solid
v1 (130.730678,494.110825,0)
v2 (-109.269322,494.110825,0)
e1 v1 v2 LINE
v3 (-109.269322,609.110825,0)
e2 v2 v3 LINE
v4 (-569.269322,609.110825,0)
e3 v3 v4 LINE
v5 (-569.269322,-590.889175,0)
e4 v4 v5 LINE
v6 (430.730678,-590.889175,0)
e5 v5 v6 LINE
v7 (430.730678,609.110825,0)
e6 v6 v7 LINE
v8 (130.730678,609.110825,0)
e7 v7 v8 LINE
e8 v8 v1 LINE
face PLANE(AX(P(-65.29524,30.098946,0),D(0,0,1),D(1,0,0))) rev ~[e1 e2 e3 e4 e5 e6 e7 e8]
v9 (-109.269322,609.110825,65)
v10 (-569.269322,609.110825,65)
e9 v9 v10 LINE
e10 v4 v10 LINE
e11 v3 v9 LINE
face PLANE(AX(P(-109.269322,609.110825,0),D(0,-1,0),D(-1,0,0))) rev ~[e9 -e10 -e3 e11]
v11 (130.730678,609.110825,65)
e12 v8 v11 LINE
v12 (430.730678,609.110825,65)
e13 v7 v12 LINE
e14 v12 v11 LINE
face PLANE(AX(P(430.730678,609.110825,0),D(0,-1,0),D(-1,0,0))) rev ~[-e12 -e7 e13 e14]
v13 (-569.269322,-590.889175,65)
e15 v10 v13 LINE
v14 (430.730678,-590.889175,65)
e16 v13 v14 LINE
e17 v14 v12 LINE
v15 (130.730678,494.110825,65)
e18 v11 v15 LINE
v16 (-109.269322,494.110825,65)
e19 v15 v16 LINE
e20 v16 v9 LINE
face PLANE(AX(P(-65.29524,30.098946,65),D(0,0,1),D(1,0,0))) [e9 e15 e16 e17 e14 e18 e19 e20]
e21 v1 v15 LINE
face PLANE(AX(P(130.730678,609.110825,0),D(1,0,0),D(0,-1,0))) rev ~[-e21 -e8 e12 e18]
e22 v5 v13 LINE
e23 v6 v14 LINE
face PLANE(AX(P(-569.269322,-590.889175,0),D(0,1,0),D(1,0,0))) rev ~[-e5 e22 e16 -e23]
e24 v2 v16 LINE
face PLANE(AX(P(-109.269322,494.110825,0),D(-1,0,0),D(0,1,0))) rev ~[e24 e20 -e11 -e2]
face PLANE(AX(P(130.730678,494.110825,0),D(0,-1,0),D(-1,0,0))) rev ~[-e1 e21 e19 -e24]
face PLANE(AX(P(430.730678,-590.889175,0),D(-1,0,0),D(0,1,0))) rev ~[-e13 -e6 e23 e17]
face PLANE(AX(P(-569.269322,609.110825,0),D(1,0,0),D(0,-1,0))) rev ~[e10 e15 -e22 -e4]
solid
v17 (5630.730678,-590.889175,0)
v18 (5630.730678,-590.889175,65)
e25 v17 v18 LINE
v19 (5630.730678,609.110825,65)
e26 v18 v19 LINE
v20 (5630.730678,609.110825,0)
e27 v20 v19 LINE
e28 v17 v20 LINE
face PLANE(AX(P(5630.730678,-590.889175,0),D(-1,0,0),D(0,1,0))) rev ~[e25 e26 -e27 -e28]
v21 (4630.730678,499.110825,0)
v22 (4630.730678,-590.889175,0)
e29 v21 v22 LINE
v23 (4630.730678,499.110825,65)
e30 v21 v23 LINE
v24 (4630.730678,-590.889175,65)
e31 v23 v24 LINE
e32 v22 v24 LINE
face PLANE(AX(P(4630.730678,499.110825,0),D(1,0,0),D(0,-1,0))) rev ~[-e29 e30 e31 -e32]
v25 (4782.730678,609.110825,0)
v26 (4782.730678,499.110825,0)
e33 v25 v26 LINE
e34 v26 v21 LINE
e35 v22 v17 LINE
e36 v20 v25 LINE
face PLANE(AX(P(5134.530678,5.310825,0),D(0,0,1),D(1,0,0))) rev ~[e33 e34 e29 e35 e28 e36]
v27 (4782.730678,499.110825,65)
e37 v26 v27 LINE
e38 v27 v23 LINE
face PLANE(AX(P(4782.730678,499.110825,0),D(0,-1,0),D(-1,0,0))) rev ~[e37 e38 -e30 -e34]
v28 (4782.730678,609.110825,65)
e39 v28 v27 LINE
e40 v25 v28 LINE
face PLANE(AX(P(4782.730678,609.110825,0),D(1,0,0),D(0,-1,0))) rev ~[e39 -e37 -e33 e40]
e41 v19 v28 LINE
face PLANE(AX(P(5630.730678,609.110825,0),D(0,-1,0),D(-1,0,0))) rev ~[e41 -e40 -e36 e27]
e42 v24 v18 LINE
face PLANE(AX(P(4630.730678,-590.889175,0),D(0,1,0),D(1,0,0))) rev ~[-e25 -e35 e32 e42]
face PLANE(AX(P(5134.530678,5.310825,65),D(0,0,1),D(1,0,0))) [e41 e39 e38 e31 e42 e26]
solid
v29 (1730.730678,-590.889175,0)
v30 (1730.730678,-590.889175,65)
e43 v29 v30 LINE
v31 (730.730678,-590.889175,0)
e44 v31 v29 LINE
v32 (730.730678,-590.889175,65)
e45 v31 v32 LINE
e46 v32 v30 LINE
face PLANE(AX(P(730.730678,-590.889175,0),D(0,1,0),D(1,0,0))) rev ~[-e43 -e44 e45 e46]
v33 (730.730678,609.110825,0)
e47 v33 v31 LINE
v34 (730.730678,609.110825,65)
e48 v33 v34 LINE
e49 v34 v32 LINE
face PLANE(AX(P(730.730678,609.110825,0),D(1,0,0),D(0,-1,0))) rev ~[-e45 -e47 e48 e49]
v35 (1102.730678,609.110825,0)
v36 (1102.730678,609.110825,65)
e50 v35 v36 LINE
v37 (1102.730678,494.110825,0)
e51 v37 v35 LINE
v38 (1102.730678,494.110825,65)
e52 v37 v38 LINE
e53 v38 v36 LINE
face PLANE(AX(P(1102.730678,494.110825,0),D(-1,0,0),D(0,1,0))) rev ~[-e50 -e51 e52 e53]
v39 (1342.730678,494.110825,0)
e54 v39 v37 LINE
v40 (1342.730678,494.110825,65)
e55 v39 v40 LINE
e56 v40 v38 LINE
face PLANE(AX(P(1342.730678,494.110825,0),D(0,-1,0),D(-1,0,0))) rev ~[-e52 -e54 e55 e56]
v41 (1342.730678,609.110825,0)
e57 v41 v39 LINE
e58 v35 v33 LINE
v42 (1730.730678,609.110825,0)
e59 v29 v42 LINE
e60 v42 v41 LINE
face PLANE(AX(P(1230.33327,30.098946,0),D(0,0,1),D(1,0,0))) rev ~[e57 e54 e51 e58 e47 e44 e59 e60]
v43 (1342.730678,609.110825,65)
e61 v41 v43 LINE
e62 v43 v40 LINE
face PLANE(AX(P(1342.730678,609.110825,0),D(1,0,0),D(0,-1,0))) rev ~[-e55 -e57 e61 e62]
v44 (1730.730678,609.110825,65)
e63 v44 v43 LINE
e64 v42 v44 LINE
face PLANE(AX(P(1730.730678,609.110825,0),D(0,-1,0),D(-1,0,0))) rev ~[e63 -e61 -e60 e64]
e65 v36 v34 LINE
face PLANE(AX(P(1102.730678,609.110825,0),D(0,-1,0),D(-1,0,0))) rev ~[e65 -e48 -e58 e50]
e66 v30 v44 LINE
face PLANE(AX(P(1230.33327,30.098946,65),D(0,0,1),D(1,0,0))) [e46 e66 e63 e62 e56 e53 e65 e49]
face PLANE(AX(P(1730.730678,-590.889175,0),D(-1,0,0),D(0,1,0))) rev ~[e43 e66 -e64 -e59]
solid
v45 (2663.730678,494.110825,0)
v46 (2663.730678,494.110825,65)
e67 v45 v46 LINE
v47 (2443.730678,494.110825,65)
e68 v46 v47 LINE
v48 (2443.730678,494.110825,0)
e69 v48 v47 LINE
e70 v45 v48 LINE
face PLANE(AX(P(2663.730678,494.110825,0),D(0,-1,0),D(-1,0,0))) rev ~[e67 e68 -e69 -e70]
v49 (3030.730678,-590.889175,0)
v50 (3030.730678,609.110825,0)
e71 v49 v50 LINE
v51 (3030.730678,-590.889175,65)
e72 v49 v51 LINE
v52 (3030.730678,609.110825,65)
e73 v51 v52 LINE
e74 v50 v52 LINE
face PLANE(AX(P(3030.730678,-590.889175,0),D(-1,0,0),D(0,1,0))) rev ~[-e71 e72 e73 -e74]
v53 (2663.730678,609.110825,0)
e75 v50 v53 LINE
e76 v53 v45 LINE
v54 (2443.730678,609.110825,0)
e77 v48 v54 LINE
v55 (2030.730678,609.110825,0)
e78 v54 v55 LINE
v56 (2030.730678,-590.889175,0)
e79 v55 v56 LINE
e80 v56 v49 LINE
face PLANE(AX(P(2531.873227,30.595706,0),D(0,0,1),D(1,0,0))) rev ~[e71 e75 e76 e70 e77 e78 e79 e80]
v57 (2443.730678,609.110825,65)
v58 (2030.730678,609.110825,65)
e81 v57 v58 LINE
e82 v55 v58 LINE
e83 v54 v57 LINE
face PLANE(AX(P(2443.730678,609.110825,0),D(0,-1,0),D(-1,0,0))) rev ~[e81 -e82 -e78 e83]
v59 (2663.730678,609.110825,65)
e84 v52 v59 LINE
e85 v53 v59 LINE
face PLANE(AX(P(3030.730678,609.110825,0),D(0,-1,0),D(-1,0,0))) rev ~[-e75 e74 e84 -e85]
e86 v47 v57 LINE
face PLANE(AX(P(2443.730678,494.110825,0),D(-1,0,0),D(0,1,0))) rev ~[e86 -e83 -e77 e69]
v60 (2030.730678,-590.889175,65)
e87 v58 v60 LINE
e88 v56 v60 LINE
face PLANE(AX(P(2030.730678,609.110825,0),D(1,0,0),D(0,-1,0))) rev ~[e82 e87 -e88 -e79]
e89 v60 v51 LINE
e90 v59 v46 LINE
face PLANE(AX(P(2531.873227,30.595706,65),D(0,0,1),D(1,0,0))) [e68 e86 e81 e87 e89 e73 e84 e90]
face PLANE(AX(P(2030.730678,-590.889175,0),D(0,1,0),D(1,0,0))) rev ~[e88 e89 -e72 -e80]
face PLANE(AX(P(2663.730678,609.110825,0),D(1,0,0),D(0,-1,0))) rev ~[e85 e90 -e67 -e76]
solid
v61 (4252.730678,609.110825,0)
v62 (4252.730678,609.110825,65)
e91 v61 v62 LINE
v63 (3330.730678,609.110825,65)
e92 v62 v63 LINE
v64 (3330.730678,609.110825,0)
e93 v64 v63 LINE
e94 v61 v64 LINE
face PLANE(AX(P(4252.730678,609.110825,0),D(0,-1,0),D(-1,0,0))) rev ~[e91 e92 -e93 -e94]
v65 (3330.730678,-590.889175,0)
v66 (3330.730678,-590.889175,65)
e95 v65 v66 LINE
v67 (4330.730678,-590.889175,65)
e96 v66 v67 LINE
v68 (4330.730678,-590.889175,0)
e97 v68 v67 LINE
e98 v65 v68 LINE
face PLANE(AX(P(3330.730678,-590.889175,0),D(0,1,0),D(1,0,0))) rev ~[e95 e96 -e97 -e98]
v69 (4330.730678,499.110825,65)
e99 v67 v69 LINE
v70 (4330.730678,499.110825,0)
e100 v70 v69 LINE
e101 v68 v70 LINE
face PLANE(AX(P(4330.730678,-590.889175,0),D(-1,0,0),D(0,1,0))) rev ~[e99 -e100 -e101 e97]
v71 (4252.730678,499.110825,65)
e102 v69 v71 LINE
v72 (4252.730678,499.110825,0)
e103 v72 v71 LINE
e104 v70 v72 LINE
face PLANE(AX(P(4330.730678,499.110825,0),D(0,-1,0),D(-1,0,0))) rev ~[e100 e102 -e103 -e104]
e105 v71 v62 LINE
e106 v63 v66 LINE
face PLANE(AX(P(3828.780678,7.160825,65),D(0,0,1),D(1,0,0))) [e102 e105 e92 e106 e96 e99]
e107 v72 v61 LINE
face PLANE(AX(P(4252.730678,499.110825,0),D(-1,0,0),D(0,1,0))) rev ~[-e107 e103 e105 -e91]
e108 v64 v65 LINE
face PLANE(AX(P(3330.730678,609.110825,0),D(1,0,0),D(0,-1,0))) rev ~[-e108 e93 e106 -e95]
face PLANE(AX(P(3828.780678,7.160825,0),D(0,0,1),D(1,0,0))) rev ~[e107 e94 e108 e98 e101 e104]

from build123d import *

# Parameters (mm, degrees)
F1_DEPTH = 65


with BuildPart() as f1:
    # F0 (on Top) → F1 (new body)
    with BuildSketch(Plane.XY):
        Polygon((-109.269322, 609.110825), (-569.269322, 609.110825), (-569.269322, -590.889175), (430.730678, -590.889175), (430.730678, 609.110825), (130.730678, 609.110825), (130.730678, 494.110825), (-109.269322, 494.110825), align=None)
        Polygon((1102.730678, 609.110825), (730.730678, 609.110825), (730.730678, -590.889175), (1730.730678, -590.889175), (1730.730678, 609.110825), (1342.730678, 609.110825), (1342.730678, 494.110825), (1102.730678, 494.110825), align=None)
        Polygon((2443.730678, 609.110825), (2030.730678, 609.110825), (2030.730678, -590.889175), (3030.730678, -590.889175), (3030.730678, 609.110825), (2663.730678, 609.110825), (2663.730678, 494.110825), (2443.730678, 494.110825), align=None)
        Polygon((4252.730678, 609.110825), (3330.730678, 609.110825), (3330.730678, -590.889175), (4330.730678, -590.889175), (4330.730678, 499.110825), (4252.730678, 499.110825), align=None)
        Polygon((5630.730678, 609.110825), (4782.730678, 609.110825), (4782.730678, 499.110825), (4630.730678, 499.110825), (4630.730678, -590.889175), (5630.730678, -590.889175), align=None)
    extrude(amount=F1_DEPTH)


solid = f1.part
